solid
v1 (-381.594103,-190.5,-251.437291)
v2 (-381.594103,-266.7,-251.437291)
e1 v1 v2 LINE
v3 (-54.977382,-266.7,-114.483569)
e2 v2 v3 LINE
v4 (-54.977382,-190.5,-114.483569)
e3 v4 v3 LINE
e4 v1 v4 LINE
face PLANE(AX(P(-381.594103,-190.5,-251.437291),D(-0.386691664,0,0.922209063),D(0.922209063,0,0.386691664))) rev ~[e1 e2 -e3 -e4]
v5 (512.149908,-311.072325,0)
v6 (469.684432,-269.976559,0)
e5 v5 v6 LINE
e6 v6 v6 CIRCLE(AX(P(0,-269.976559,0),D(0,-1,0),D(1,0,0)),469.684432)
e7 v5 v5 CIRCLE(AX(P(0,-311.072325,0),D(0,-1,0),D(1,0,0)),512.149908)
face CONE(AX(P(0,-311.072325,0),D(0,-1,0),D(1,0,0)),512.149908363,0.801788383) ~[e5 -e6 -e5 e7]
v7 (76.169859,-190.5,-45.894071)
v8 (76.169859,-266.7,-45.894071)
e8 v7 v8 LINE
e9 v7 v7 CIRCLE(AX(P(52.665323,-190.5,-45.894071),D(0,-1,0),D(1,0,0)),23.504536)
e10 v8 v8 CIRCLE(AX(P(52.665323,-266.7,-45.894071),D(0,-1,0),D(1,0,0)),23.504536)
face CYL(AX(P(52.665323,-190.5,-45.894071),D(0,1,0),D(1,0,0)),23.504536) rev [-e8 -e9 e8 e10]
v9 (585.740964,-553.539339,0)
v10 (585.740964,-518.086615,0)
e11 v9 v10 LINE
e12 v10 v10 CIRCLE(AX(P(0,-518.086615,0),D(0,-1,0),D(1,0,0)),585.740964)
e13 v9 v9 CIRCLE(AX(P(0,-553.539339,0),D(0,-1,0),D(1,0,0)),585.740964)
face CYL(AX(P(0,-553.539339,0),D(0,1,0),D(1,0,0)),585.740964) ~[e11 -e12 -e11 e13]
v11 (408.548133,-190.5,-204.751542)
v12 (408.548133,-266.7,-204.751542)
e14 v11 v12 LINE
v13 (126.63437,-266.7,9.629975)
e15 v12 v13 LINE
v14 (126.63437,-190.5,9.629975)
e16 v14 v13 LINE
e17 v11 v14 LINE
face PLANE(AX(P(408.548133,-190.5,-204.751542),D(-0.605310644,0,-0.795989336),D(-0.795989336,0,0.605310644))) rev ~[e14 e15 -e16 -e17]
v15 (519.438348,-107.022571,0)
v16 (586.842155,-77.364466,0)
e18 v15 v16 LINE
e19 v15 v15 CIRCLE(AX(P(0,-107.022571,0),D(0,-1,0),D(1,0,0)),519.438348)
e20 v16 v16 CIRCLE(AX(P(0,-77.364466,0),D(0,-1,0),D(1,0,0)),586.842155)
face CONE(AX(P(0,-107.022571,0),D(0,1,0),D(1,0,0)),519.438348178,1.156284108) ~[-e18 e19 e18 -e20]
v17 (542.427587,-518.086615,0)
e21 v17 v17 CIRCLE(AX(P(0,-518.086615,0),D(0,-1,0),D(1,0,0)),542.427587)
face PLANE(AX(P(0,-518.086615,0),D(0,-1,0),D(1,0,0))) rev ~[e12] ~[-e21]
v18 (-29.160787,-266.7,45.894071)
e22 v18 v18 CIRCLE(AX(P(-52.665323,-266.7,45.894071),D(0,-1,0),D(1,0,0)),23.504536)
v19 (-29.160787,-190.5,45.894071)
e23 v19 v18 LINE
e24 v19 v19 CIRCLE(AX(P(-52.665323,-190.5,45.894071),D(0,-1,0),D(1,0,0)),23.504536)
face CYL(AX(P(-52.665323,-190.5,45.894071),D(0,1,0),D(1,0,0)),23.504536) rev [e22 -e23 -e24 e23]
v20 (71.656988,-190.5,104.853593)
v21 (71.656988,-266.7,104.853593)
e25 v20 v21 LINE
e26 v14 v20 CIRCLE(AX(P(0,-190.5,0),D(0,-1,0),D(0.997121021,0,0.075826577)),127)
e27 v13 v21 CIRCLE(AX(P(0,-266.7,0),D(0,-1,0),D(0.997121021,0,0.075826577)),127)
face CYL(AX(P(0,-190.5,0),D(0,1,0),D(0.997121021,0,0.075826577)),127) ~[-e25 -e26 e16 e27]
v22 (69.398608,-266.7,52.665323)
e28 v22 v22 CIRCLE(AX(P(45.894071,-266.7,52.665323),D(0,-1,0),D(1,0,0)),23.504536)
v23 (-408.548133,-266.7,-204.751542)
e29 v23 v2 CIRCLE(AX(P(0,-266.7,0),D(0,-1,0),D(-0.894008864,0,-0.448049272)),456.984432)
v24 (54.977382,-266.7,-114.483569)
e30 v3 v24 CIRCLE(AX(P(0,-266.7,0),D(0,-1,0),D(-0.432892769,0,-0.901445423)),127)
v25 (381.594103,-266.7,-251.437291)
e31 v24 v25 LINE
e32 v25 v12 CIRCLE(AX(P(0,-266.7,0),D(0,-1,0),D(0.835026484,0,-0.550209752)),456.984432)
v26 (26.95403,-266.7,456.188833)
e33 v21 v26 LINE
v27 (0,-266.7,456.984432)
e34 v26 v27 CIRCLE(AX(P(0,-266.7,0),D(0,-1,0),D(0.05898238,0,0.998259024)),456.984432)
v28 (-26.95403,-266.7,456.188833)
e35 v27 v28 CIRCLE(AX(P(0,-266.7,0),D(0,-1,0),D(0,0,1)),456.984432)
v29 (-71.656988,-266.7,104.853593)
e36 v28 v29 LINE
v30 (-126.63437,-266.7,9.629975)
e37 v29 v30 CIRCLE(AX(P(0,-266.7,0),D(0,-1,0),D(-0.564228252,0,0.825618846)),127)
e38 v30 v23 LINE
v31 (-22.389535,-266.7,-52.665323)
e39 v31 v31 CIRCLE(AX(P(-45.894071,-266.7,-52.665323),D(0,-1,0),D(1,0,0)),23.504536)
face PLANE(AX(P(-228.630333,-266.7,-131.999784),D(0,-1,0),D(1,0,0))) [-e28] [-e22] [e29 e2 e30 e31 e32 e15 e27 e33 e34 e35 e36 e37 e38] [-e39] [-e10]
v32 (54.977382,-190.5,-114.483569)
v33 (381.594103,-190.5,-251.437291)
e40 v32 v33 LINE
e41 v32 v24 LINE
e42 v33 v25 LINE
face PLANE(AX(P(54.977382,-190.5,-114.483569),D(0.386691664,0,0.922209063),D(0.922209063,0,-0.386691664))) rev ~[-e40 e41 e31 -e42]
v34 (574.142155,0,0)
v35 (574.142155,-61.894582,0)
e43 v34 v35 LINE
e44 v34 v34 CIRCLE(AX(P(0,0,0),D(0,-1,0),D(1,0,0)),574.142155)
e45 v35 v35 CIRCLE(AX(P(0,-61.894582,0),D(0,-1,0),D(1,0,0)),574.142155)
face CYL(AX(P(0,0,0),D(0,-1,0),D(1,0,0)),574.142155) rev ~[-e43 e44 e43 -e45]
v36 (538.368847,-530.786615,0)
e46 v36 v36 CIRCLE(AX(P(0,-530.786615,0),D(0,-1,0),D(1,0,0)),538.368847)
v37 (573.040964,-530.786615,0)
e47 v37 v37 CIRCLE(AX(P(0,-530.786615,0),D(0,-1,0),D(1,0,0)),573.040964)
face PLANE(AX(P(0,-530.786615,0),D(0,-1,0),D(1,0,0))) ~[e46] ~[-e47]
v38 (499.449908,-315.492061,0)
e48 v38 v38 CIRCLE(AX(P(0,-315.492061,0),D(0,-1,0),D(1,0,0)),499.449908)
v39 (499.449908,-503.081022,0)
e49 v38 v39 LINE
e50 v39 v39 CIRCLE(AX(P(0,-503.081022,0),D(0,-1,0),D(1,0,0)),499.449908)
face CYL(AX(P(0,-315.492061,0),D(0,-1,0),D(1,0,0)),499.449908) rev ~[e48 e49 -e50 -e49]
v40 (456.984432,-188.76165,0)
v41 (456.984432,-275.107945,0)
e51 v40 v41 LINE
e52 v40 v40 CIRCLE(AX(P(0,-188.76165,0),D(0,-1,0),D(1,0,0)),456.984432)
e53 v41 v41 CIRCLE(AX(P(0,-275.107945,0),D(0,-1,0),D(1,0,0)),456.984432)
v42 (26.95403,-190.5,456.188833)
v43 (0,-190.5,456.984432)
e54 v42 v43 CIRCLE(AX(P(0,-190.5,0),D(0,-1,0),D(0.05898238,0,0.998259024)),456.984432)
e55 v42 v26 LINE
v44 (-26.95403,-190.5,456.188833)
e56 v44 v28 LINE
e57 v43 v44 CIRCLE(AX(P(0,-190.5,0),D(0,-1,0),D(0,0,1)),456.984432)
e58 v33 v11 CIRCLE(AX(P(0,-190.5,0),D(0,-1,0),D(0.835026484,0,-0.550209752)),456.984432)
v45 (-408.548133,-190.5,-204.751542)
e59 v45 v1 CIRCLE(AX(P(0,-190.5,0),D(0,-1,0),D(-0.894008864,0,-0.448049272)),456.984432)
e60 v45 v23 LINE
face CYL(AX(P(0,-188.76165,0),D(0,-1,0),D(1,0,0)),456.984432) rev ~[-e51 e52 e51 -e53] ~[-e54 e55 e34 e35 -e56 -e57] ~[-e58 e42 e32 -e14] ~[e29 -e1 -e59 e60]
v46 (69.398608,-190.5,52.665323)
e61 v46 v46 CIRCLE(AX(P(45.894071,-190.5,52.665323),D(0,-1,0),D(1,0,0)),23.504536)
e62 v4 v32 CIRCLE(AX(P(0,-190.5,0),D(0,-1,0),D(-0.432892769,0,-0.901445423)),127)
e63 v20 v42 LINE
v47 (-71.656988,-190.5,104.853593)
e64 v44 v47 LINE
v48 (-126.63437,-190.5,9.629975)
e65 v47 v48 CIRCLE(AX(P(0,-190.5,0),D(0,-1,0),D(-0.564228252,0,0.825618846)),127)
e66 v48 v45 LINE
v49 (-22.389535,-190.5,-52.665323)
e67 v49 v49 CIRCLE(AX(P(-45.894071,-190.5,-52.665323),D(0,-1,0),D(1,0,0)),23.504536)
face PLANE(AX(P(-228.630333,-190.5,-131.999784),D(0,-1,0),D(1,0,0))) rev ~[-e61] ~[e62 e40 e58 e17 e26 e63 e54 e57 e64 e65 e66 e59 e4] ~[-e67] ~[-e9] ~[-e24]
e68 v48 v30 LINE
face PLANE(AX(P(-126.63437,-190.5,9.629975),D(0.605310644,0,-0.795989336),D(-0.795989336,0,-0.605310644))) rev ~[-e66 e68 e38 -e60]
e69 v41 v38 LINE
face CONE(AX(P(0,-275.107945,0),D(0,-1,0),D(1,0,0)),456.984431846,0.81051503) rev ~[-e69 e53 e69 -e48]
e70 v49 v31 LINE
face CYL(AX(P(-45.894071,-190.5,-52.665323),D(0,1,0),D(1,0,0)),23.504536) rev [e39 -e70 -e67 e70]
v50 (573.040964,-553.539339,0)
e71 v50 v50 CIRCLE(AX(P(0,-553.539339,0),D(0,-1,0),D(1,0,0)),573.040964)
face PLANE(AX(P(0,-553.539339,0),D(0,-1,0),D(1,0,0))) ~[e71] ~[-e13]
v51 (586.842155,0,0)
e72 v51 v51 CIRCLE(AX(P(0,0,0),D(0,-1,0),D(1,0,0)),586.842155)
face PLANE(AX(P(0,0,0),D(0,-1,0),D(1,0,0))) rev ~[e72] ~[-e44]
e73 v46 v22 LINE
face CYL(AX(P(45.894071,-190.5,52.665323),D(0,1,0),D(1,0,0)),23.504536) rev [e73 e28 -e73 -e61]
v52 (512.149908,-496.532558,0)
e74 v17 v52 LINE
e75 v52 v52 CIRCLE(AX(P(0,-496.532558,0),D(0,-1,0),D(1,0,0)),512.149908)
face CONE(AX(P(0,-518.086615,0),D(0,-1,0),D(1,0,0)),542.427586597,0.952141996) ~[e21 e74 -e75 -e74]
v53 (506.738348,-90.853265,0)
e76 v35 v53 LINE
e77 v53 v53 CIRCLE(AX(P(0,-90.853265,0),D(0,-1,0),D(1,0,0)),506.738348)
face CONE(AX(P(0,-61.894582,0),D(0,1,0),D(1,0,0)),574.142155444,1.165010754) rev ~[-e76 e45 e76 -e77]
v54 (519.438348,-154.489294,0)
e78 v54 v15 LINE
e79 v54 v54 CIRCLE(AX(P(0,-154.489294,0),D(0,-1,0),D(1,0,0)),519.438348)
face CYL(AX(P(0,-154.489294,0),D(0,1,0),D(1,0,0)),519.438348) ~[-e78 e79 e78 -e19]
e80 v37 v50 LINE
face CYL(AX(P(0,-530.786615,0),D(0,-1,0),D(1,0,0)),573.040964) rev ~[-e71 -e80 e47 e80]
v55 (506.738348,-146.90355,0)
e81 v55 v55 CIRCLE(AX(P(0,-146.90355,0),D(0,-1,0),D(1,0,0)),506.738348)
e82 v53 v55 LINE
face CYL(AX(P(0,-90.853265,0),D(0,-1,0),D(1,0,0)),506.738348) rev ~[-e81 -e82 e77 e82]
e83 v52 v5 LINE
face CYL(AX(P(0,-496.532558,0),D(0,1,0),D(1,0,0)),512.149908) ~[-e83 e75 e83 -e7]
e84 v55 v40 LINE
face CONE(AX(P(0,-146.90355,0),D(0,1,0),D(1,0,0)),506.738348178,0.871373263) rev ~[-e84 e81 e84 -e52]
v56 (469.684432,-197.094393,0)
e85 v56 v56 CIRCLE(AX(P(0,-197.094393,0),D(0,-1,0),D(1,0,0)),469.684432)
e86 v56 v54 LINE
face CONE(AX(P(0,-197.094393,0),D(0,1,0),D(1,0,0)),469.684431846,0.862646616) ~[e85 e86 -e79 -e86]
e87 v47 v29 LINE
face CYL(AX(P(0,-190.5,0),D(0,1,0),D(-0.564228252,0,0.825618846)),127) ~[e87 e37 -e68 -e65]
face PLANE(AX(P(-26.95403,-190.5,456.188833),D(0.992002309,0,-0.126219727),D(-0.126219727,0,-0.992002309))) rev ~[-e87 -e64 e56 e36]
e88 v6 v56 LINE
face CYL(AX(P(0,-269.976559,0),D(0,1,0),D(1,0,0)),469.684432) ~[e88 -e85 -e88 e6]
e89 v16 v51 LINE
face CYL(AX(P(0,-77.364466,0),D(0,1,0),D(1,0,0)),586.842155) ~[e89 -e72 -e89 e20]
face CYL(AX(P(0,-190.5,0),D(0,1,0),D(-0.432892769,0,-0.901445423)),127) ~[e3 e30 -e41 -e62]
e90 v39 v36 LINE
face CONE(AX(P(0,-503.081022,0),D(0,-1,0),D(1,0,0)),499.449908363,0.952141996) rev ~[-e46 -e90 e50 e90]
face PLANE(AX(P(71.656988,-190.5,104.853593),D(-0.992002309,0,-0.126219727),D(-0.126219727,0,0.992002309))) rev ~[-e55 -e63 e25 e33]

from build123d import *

# Parameters (mm, degrees)
F3_R     = 23.5045362994
F4_DEPTH = 76.2


with BuildPart() as f1:
    # F0 (on Top) → F1 (revolve)
    with BuildSketch(Plane.XY):
        Polygon((573.0409642621, -553.5393390198), (585.7409642621, -553.5393390198), (585.7409642621, -518.0866146582), (542.4275865968, -518.0866146582), (512.1499083626, -496.5325579214), (512.1499083626, -311.0723252855), (469.6844318455, -269.9765585894), (469.6844318455, -197.0943934766), (519.4383481781, -154.4892936945), (519.4383481781, -107.0225714794), (586.8421554444, -77.3644662998), (586.8421554444, 0), (574.1421554444, 0), (574.1421554444, -61.8945817717), (506.7383481781, -90.8532650404), (506.7383481781, -146.9035498934), (456.9844318455, -188.7616498797), (456.9844318455, -275.1079445892), (499.4499083626, -315.4920612499), (499.4499083626, -503.081022234), (538.3688470547, -530.7866146582), (573.0409642621, -530.7866146582), align=None)
    revolve(axis=Axis((0, -57.5910839191, 0), (0, -1, 0)))

    # F3 (on offset) → F4 (join)
    with BuildSketch(Plane.XZ.offset(190.5)):
        with BuildLine():
            Line((-381.5941034135, -251.4372907688), (-54.9773815999, -114.4835687443))
            ThreePointArc((-54.9773815999, -114.4835687443), (-109.9852262806, -63.5), (-126.6343696484, 9.6299752731))
            Line((-126.6343696484, 9.6299752731), (-408.5481329713, -204.7515421061))
            ThreePointArc((-408.5481329713, -204.7515421061), (-395.7601271122, -228.4922159227), (-381.5941034135, -251.4372907688))
        make_face()
        with BuildLine():
            ThreePointArc((-71.6569880485, 104.8535934712), (-37.5006241892, 121.3371467664), (0, 127))
            Line((0, 127), (0, 456.9844318455))
            ThreePointArc((0, 456.9844318455), (-13.4828844014, 456.785488799), (-26.9540295578, 456.1888328749))
            Line((-26.9540295578, 456.1888328749), (-71.6569880485, 104.8535934712))
        make_face()
        with BuildLine():
            ThreePointArc((0, 127), (37.5006241892, 121.3371467664), (71.6569880485, 104.8535934712))
            Line((71.6569880485, 104.8535934712), (26.9540295578, 456.1888328749))
            ThreePointArc((26.9540295578, 456.1888328749), (13.4828844014, 456.785488799), (0, 456.9844318455))
            Line((0, 456.9844318455), (0, 127))
        make_face()
        with BuildLine():
            ThreePointArc((126.6343696484, 9.6299752731), (126.9085594933, 4.8184569448), (127, 0))
            ThreePointArc((127, 0), (107.4968080065, -67.6271858679), (54.9773815999, -114.4835687443))
            Line((54.9773815999, -114.4835687443), (381.5941034135, -251.4372907688))
            ThreePointArc((381.5941034135, -251.4372907688), (395.7601271122, -228.4922159227), (408.5481329713, -204.7515421061))
            Line((408.5481329713, -204.7515421061), (126.6343696484, 9.6299752731))
        make_face()
        with BuildLine():
            ThreePointArc((54.9773815999, -114.4835687443), (107.4968080065, -67.6271858679), (127, 0))
            ThreePointArc((127, 0), (126.9085594933, 4.8184569448), (126.6343696484, 9.6299752731))
            ThreePointArc((126.6343696484, 9.6299752731), (109.9852262806, 63.5), (71.6569880485, 104.8535934712))
            ThreePointArc((71.6569880485, 104.8535934712), (37.5006241892, 121.3371467664), (0, 127))
            ThreePointArc((0, 127), (-37.5006241892, 121.3371467664), (-71.6569880485, 104.8535934712))
            ThreePointArc((-71.6569880485, 104.8535934712), (-109.9852262806, 63.5), (-126.6343696484, 9.6299752731))
            ThreePointArc((-126.6343696484, 9.6299752731), (-109.9852262806, -63.5), (-54.9773815999, -114.4835687443))
            ThreePointArc((-54.9773815999, -114.4835687443), (0, -127), (54.9773815999, -114.4835687443))
        make_face()
        with Locations((-45.8940714598, -52.665323019)):
            Circle(F3_R, mode=Mode.SUBTRACT)
        with Locations((52.665323019, -45.8940714598)):
            Circle(F3_R, mode=Mode.SUBTRACT)
        with Locations((-52.665323019, 45.8940714598)):
            Circle(F3_R, mode=Mode.SUBTRACT)
        with Locations((45.8940714598, 52.665323019)):
            Circle(F3_R, mode=Mode.SUBTRACT)
    extrude(amount=F4_DEPTH)


solid = f1.part
